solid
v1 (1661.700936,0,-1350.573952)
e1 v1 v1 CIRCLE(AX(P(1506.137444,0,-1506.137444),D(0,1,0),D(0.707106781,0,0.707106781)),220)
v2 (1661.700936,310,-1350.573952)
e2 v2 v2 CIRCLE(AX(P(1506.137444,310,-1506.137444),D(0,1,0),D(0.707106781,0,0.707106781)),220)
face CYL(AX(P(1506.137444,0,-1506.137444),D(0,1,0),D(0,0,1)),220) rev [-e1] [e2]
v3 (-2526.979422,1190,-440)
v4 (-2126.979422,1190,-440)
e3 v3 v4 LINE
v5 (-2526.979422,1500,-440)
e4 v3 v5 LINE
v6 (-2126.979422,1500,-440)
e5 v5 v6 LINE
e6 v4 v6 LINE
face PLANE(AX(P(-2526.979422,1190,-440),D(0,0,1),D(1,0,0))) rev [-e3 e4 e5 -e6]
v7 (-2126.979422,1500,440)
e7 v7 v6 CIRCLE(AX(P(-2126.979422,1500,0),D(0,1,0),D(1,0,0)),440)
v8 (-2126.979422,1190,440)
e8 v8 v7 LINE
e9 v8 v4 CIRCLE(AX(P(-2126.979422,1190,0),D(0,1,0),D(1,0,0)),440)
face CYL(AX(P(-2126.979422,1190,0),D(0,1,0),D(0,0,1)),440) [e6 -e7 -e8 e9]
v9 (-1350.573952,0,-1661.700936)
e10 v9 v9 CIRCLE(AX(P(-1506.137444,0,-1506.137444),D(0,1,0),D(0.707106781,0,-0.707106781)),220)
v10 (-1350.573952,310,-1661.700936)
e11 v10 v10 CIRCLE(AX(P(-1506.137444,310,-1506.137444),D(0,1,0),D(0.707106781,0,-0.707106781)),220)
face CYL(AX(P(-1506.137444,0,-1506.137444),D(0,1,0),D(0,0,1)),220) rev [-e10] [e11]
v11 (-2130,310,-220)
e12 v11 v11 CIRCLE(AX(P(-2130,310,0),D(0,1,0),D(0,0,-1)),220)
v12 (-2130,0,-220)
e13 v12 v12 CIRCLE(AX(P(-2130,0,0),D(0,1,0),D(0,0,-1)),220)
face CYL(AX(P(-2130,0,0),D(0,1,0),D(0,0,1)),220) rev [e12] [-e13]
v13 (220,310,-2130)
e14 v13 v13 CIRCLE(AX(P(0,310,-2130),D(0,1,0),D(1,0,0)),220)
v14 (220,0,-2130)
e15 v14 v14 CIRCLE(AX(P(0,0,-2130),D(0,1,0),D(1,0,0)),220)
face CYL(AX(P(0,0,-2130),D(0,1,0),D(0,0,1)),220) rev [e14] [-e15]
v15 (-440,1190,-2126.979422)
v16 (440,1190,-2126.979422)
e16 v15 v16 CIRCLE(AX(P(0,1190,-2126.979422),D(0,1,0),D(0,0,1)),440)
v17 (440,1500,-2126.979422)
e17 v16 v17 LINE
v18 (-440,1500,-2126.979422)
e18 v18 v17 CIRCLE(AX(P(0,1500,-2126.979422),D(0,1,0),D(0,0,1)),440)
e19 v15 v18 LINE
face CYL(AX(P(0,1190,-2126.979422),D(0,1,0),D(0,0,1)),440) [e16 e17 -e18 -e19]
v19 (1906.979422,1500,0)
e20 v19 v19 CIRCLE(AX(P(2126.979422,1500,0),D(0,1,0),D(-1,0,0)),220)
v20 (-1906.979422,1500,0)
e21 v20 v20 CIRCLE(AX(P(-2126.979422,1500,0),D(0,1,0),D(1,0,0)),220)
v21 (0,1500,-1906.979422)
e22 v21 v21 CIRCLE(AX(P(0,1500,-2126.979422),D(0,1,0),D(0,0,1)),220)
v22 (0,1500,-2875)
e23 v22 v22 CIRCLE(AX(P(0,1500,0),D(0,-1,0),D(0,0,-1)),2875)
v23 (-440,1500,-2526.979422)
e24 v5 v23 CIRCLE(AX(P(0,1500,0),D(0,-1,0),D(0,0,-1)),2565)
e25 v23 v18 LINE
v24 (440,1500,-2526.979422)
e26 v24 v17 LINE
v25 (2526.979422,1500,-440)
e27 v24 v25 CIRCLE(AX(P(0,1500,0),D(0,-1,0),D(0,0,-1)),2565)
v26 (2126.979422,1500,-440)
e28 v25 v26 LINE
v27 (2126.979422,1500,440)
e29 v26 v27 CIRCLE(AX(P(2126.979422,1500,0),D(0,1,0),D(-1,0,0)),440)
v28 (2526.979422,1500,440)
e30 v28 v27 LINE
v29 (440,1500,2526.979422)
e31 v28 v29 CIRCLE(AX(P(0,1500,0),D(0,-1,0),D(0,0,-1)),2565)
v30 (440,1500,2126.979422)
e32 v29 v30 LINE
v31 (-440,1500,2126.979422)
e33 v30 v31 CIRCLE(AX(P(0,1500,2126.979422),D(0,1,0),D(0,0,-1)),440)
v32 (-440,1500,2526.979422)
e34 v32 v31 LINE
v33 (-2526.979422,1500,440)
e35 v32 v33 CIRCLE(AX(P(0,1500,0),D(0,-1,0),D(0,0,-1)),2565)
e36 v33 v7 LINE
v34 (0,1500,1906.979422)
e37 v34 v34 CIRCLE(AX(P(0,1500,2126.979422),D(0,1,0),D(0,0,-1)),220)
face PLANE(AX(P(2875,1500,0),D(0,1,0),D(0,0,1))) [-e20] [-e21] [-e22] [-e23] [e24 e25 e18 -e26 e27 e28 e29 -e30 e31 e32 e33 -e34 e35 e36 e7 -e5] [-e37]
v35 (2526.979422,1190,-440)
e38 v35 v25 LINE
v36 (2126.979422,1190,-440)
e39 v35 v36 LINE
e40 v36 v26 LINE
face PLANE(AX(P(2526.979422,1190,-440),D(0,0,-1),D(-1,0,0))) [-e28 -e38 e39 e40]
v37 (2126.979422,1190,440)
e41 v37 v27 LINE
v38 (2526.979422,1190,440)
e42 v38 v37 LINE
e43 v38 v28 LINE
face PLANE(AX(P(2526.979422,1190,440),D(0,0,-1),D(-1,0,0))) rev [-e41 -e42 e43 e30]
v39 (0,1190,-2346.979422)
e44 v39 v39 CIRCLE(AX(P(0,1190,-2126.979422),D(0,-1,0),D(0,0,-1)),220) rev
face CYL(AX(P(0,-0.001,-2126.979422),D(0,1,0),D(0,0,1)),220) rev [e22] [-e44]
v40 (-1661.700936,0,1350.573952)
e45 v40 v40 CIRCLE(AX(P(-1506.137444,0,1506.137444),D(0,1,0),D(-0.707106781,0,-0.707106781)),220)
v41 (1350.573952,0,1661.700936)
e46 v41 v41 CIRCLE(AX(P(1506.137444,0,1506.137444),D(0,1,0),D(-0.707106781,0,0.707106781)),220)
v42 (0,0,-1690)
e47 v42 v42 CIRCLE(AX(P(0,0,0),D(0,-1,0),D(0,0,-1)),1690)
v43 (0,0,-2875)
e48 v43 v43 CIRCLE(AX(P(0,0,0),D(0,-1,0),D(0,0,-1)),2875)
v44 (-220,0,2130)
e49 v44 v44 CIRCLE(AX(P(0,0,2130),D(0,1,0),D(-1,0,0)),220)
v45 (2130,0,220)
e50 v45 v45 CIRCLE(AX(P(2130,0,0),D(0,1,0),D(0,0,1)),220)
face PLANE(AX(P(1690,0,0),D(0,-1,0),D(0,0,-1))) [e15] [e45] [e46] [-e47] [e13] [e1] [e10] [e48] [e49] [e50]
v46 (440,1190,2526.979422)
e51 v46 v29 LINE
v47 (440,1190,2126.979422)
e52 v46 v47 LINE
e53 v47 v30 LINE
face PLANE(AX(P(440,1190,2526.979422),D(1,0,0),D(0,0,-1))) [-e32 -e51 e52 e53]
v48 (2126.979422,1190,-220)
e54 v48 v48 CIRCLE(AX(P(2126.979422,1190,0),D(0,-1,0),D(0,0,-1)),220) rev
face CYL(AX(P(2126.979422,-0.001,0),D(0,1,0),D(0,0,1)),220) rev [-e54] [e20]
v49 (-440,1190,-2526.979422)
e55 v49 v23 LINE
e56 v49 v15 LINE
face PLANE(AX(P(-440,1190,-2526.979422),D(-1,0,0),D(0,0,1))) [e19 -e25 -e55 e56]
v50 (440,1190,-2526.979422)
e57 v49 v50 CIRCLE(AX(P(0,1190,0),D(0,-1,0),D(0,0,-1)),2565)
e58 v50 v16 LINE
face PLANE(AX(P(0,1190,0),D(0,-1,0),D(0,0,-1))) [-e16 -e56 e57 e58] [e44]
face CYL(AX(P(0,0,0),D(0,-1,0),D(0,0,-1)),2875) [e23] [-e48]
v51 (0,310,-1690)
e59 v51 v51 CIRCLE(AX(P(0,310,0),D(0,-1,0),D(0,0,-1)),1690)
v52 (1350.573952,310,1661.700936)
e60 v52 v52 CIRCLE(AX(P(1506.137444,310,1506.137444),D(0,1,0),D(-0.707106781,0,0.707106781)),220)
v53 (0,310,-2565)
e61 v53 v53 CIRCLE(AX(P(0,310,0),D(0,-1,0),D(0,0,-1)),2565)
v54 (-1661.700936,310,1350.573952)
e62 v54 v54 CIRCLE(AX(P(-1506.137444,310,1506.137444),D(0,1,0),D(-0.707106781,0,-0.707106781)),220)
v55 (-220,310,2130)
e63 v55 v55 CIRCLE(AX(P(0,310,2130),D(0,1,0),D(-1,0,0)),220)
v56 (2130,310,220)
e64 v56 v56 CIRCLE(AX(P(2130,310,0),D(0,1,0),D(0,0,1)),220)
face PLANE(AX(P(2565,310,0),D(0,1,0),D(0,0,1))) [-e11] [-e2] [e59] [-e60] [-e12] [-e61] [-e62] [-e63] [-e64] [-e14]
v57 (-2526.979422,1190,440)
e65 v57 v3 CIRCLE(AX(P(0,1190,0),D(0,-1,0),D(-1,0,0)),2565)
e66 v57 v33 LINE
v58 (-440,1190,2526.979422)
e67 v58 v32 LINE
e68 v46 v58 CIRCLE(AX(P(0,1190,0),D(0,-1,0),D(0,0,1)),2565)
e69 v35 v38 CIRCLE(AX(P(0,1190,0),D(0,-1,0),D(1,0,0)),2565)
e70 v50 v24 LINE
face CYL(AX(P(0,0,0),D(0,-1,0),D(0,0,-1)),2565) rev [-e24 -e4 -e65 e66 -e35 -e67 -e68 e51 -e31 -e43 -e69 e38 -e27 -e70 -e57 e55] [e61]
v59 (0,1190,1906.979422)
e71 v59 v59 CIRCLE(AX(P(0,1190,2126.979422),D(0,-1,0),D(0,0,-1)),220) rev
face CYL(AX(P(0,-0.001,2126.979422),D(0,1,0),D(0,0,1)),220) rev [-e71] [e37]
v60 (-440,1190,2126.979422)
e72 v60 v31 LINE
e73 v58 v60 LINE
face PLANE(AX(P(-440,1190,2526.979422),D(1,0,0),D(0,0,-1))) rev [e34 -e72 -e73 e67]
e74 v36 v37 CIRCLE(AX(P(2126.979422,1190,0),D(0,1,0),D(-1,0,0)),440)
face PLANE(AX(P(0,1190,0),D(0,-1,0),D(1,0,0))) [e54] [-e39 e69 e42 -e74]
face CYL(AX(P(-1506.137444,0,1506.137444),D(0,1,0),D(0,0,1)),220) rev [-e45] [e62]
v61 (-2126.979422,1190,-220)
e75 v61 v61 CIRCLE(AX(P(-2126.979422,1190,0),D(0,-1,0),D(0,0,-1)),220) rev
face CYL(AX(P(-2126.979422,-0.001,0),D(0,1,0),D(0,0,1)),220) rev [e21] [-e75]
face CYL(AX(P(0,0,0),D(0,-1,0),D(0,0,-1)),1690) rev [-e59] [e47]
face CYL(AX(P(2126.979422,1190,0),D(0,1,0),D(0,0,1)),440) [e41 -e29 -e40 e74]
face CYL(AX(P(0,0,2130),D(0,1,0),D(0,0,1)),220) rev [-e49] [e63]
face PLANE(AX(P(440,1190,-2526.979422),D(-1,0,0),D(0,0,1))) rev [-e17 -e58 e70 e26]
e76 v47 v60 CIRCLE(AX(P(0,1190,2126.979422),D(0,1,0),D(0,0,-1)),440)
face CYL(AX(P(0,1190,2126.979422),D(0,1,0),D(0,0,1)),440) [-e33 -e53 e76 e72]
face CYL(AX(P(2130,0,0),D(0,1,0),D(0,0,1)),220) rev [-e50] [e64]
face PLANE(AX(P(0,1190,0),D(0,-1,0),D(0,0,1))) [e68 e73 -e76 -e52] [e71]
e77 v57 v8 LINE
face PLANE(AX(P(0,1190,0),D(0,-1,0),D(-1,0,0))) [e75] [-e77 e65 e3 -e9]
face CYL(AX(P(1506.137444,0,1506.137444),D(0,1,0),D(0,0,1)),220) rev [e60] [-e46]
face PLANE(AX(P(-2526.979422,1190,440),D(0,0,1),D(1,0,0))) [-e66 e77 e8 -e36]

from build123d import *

# Parameters (mm, degrees)
SKETCH2_R           = 220
CUT_EXTRUDE1_DEPTH  = 4237.431281161
CIRPATTERN1_COUNT   = 8
BOSS_EXTRUDE1_START = -310
BOSS_EXTRUDE1_DEPTH = 310
CUT_EXTRUDE2_REACH  = 4335.734
SKETCH9_R           = 220
CIRPATTERN2_COUNT   = 4


with BuildPart() as part:
    # Sketch1 → Revolve1 (revolve)
    with BuildSketch(Plane.XY, mode=Mode.PRIVATE) as revolve1_sk:
        Polygon((1690, 0), (2875, 0), (2875, 1500), (2565, 1500), (2565, 310), (1690, 310), align=None)
    revolve(revolve1_sk.sketch.rotate(Axis((0, 0, 0), (0, 1, 0)), 90), axis=Axis((0, 0, 0), (0, 1, 0)))

    # Sketch2 → Cut-Extrude1 (cut, through all)
    with BuildSketch(Plane(origin=(0, 310, 0), x_dir=(1, 0, 0), z_dir=(0, 1, 0))):
        with Locations(Location((2130, 0, 0), (0, 0, 270))):
            Circle(SKETCH2_R)
    cut_extrude1 = extrude(amount=-CUT_EXTRUDE1_DEPTH, mode=Mode.SUBTRACT)

    # CirPattern1: Cut-Extrude1 ×8 about axis
    cirpattern1_axis = Axis((0, 0, 0), (0, 1, 0))
    for i in range(1, CIRPATTERN1_COUNT):
        add(cut_extrude1.rotate(cirpattern1_axis, i * 360 / CIRPATTERN1_COUNT), mode=Mode.SUBTRACT)

    # Sketch8 → Boss-Extrude1 (add)
    with BuildSketch(Plane(origin=(0, 1500, 0), x_dir=(1, 0, 0), z_dir=(0, 1, 0)).offset(BOSS_EXTRUDE1_START)):
        with BuildLine():
            Line((-440, 2526.979422156), (-440, 2126.979422156))
            ThreePointArc((-440, 2126.979422156), (0, 1686.979422156), (440, 2126.979422156))
            Line((440, 2126.979422156), (440, 2526.979422156))
            ThreePointArc((440, 2526.979422156), (0, 2565), (-440, 2526.979422156))
        make_face()
    boss_extrude1 = extrude(amount=BOSS_EXTRUDE1_DEPTH)

    # Sketch9 → Cut-Extrude2 (cut, up to next)
    with BuildSketch(Plane(origin=(0, 1500, 0), x_dir=(1, 0, 0), z_dir=(0, 1, 0)), mode=Mode.PRIVATE) as cut_extrude2_sk1:
        with Locations(Location((0, 2126.979422156, 0), (0, 0, 270))):
            Circle(SKETCH9_R)
    cut_extrude2_tool1 = extrude(cut_extrude2_sk1.sketch, amount=-CUT_EXTRUDE2_REACH, mode=Mode.PRIVATE) & part.part
    cut_extrude2 = cut_extrude2_tool1.solids().sort_by_distance((0, 1500, -2126.979422))[0]
    add(cut_extrude2, mode=Mode.SUBTRACT)

    # CirPattern2: Boss-Extrude1, Cut-Extrude2 ×4 about axis
    cirpattern2_axis = Axis((0, 0, 0), (0, 1, 0))
    add([boss_extrude1.rotate(cirpattern2_axis, i * 360 / CIRPATTERN2_COUNT) for i in range(1, CIRPATTERN2_COUNT)])
    add([cut_extrude2.rotate(cirpattern2_axis, i * 360 / CIRPATTERN2_COUNT) for i in range(1, CIRPATTERN2_COUNT)], mode=Mode.SUBTRACT)


solid = part.part
